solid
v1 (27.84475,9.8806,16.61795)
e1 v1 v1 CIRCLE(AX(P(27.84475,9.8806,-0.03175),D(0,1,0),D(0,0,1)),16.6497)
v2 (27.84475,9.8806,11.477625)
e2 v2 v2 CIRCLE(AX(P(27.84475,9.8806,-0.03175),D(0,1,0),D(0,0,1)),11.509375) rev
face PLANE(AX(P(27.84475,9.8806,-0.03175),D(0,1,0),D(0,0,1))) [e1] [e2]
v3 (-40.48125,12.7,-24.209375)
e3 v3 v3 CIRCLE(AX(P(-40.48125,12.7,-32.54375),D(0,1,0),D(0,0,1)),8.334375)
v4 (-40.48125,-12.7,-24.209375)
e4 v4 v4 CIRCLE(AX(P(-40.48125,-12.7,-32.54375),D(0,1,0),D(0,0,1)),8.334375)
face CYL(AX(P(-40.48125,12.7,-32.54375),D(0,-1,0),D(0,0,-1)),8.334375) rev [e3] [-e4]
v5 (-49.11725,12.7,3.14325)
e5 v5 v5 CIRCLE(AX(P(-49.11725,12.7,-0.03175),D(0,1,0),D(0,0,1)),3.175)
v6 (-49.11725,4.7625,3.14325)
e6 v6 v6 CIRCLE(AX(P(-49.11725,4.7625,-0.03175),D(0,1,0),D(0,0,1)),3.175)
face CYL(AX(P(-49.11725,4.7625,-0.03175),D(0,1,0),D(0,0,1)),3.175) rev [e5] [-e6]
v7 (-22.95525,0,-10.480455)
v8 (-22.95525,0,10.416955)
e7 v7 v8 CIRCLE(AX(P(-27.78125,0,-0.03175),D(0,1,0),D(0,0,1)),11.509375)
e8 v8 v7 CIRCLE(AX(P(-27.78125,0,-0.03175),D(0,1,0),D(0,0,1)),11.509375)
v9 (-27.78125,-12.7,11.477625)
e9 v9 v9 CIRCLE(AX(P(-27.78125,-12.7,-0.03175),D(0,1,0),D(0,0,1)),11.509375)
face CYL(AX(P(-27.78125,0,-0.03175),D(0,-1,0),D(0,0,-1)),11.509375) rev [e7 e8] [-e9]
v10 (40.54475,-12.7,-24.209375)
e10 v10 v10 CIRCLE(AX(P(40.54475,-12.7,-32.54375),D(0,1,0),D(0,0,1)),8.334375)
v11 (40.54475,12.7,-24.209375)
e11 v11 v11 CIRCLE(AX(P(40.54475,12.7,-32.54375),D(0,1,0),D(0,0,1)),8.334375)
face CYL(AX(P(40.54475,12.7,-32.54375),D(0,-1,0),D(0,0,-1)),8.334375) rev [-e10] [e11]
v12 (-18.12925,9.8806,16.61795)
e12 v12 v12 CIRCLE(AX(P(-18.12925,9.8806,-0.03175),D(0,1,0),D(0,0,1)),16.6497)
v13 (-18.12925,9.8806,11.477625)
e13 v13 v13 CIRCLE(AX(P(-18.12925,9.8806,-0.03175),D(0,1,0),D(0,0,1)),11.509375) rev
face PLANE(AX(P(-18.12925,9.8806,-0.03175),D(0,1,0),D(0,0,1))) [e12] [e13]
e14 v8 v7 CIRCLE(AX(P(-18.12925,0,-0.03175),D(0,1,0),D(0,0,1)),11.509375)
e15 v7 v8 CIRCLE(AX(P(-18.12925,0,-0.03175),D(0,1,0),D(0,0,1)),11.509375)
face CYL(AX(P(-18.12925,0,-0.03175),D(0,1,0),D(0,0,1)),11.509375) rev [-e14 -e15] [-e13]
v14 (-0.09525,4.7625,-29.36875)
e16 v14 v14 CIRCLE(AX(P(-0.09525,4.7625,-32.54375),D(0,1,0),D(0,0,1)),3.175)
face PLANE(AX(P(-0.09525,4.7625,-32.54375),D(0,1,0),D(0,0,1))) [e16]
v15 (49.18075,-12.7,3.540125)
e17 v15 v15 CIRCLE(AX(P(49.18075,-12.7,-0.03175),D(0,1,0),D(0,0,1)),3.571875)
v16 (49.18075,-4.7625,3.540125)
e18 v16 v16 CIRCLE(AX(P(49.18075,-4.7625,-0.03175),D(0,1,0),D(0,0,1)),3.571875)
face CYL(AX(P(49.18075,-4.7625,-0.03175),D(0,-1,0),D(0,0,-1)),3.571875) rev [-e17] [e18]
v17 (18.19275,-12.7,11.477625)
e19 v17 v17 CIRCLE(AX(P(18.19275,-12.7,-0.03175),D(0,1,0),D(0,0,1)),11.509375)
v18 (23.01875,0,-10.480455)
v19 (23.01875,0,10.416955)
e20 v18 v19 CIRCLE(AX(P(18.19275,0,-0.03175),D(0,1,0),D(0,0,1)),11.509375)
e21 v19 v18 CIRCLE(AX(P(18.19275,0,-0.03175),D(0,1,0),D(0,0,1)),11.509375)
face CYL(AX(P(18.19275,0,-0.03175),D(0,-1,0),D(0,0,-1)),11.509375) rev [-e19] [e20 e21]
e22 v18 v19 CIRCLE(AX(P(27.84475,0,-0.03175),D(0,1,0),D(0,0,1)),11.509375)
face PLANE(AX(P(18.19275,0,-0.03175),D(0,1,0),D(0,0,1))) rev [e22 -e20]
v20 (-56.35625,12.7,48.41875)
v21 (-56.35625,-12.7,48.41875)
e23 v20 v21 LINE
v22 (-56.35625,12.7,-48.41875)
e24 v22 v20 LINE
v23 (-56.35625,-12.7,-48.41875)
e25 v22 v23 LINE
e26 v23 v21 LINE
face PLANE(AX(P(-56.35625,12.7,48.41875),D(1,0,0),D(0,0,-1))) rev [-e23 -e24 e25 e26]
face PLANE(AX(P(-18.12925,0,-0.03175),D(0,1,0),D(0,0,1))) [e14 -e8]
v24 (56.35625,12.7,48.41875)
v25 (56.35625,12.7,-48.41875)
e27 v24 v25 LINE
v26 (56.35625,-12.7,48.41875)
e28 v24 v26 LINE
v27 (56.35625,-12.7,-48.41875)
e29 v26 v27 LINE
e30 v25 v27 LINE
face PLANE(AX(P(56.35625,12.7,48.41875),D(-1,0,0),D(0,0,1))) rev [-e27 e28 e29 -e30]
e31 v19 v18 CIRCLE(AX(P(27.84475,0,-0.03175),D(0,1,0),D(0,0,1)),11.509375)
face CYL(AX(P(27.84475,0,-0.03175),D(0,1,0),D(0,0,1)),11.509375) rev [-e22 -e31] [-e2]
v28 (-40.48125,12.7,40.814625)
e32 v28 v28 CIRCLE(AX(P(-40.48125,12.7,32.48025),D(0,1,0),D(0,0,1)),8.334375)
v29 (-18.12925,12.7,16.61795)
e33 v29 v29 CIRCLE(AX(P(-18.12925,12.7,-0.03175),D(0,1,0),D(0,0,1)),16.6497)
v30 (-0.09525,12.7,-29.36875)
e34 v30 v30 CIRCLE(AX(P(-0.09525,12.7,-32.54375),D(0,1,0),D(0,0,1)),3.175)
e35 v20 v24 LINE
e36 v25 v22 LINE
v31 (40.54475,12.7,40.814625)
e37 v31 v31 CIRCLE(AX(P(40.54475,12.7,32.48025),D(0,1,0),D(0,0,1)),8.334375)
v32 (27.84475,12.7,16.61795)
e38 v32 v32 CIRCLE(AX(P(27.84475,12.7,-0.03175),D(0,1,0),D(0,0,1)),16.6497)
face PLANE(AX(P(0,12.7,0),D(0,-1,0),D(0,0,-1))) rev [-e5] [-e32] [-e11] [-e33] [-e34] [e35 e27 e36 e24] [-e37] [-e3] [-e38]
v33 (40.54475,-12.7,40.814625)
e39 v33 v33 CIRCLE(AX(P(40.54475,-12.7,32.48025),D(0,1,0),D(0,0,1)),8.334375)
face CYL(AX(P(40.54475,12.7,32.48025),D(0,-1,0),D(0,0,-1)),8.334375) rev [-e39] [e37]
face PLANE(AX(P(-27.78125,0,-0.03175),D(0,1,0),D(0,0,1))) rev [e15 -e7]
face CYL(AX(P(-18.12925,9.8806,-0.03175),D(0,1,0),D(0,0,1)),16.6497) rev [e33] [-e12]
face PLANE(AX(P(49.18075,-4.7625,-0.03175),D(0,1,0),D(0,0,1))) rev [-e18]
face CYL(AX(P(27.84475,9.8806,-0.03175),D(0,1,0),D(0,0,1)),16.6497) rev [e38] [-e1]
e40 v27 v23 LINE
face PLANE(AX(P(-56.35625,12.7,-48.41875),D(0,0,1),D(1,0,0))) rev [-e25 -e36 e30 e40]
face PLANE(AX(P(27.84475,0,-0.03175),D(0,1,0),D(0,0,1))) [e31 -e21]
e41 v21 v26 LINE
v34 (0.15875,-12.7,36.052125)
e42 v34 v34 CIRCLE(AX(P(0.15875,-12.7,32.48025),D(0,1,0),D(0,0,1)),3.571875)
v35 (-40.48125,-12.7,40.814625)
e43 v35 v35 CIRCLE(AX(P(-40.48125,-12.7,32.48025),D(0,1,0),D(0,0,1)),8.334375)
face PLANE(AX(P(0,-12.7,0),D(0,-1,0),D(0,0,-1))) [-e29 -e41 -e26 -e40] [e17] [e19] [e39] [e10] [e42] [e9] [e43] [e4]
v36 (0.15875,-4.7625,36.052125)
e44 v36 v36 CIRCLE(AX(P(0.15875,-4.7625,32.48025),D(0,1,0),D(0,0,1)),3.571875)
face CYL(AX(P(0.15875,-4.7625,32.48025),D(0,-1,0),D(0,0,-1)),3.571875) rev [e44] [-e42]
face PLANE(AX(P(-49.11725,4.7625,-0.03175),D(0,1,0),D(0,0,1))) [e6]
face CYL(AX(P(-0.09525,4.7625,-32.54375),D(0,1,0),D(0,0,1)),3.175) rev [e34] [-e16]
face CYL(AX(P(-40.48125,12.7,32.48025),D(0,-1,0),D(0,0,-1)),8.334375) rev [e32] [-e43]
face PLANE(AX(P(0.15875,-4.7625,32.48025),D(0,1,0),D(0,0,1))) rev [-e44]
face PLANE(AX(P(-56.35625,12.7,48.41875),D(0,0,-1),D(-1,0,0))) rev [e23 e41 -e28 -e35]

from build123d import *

# Parameters (mm, degrees)
SKETCH1_W           = 112.7125
SKETCH1_H           = 96.8375
BOSS_EXTRUDE1_DEPTH = 12.7
CUT_EXTRUDE2_START  = -12.7
SKETCH2_R           = 8.334375
CUT_EXTRUDE2_DEPTH  = 89.077000906
CUT_EXTRUDE4_START  = -12.7
SKETCH3_R           = 11.509375
CUT_EXTRUDE4_DEPTH  = 12.7
CUT_EXTRUDE6_START  = 12.7
SKETCH4_R           = 11.509375
CUT_EXTRUDE6_DEPTH  = 12.7
CUT_EXTRUDE8_START  = 12.7
SKETCH5_R           = 16.6497
CUT_EXTRUDE8_DEPTH  = 2.8194
CUT_EXTRUDE10_START = -12.7
SKETCH6_R           = 3.571875
CUT_EXTRUDE10_DEPTH = 7.9375
CUT_EXTRUDE12_START = 12.7
SKETCH7_R           = 3.175
CUT_EXTRUDE12_DEPTH = 7.9375


with BuildPart() as part:
    # Sketch1 → Boss-Extrude1 (new, symmetric)
    with BuildSketch(Plane(origin=(0, 0, 0), x_dir=(1, 0, 0), z_dir=(0, 1, 0))):
        Rectangle(SKETCH1_W, SKETCH1_H)
    extrude(amount=BOSS_EXTRUDE1_DEPTH, both=True)

    # Sketch2 → Cut-Extrude2 (cut, through all)
    with BuildSketch(Plane(origin=(0, 0, 0), x_dir=(1, 0, 0), z_dir=(0, 1, 0)).offset(CUT_EXTRUDE2_START)):
        with Locations(Location((-40.48125, -32.48025, 0), (0, 0, 270))):
            Circle(SKETCH2_R)
        with Locations(Location((40.54475, -32.48025, 0), (0, 0, 270))):
            Circle(SKETCH2_R)
        with Locations(Location((-40.48125, 32.54375, 0), (0, 0, 270))):
            Circle(SKETCH2_R)
        with Locations(Location((40.54475, 32.54375, 0), (0, 0, 270))):
            Circle(SKETCH2_R)
    extrude(amount=CUT_EXTRUDE2_DEPTH, mode=Mode.SUBTRACT)

    # Sketch3 → Cut-Extrude4 (cut)
    with BuildSketch(Plane(origin=(0, 0, 0), x_dir=(1, 0, 0), z_dir=(0, 1, 0)).offset(CUT_EXTRUDE4_START)):
        with Locations(Location((-27.78125, 0.03175, 0), (0, 0, 270))):
            Circle(SKETCH3_R)
        with Locations(Location((18.19275, 0.03175, 0), (0, 0, 270))):
            Circle(SKETCH3_R)
    extrude(amount=CUT_EXTRUDE4_DEPTH, mode=Mode.SUBTRACT)

    # Sketch4 → Cut-Extrude6 (cut)
    with BuildSketch(Plane(origin=(0, 0, 0), x_dir=(1, 0, 0), z_dir=(0, 1, 0)).offset(CUT_EXTRUDE6_START)):
        with Locations(Location((-18.12925, 0.03175, 0), (0, 0, 270))):
            Circle(SKETCH4_R)
        with Locations(Location((27.84475, 0.03175, 0), (0, 0, 270))):
            Circle(SKETCH4_R)
    extrude(amount=-CUT_EXTRUDE6_DEPTH, mode=Mode.SUBTRACT)

    # Sketch5 → Cut-Extrude8 (cut)
    with BuildSketch(Plane(origin=(0, 0, 0), x_dir=(1, 0, 0), z_dir=(0, 1, 0)).offset(CUT_EXTRUDE8_START)):
        with Locations(Location((-18.12925, 0.03175, 0), (0, 0, 270))):
            Circle(SKETCH5_R)
        with Locations(Location((27.84475, 0.03175, 0), (0, 0, 270))):
            Circle(SKETCH5_R)
    extrude(amount=-CUT_EXTRUDE8_DEPTH, mode=Mode.SUBTRACT)

    # Sketch6 → Cut-Extrude10 (cut)
    with BuildSketch(Plane(origin=(0, 0, 0), x_dir=(1, 0, 0), z_dir=(0, 1, 0)).offset(CUT_EXTRUDE10_START)):
        with Locations(Location((49.18075, 0.03175, 0), (0, 0, 270))):
            Circle(SKETCH6_R)
        with Locations(Location((0.15875, -32.48025, 0), (0, 0, 270))):
            Circle(SKETCH6_R)
    extrude(amount=CUT_EXTRUDE10_DEPTH, mode=Mode.SUBTRACT)

    # Sketch7 → Cut-Extrude12 (cut)
    with BuildSketch(Plane(origin=(0, 0, 0), x_dir=(1, 0, 0), z_dir=(0, 1, 0)).offset(CUT_EXTRUDE12_START)):
        with Locations(Location((-49.11725, 0.03175, 0), (0, 0, 270))):
            Circle(SKETCH7_R)
        with Locations(Location((-0.09525, 32.54375, 0), (0, 0, 270))):
            Circle(SKETCH7_R)
    extrude(amount=-CUT_EXTRUDE12_DEPTH, mode=Mode.SUBTRACT)


solid = part.part
